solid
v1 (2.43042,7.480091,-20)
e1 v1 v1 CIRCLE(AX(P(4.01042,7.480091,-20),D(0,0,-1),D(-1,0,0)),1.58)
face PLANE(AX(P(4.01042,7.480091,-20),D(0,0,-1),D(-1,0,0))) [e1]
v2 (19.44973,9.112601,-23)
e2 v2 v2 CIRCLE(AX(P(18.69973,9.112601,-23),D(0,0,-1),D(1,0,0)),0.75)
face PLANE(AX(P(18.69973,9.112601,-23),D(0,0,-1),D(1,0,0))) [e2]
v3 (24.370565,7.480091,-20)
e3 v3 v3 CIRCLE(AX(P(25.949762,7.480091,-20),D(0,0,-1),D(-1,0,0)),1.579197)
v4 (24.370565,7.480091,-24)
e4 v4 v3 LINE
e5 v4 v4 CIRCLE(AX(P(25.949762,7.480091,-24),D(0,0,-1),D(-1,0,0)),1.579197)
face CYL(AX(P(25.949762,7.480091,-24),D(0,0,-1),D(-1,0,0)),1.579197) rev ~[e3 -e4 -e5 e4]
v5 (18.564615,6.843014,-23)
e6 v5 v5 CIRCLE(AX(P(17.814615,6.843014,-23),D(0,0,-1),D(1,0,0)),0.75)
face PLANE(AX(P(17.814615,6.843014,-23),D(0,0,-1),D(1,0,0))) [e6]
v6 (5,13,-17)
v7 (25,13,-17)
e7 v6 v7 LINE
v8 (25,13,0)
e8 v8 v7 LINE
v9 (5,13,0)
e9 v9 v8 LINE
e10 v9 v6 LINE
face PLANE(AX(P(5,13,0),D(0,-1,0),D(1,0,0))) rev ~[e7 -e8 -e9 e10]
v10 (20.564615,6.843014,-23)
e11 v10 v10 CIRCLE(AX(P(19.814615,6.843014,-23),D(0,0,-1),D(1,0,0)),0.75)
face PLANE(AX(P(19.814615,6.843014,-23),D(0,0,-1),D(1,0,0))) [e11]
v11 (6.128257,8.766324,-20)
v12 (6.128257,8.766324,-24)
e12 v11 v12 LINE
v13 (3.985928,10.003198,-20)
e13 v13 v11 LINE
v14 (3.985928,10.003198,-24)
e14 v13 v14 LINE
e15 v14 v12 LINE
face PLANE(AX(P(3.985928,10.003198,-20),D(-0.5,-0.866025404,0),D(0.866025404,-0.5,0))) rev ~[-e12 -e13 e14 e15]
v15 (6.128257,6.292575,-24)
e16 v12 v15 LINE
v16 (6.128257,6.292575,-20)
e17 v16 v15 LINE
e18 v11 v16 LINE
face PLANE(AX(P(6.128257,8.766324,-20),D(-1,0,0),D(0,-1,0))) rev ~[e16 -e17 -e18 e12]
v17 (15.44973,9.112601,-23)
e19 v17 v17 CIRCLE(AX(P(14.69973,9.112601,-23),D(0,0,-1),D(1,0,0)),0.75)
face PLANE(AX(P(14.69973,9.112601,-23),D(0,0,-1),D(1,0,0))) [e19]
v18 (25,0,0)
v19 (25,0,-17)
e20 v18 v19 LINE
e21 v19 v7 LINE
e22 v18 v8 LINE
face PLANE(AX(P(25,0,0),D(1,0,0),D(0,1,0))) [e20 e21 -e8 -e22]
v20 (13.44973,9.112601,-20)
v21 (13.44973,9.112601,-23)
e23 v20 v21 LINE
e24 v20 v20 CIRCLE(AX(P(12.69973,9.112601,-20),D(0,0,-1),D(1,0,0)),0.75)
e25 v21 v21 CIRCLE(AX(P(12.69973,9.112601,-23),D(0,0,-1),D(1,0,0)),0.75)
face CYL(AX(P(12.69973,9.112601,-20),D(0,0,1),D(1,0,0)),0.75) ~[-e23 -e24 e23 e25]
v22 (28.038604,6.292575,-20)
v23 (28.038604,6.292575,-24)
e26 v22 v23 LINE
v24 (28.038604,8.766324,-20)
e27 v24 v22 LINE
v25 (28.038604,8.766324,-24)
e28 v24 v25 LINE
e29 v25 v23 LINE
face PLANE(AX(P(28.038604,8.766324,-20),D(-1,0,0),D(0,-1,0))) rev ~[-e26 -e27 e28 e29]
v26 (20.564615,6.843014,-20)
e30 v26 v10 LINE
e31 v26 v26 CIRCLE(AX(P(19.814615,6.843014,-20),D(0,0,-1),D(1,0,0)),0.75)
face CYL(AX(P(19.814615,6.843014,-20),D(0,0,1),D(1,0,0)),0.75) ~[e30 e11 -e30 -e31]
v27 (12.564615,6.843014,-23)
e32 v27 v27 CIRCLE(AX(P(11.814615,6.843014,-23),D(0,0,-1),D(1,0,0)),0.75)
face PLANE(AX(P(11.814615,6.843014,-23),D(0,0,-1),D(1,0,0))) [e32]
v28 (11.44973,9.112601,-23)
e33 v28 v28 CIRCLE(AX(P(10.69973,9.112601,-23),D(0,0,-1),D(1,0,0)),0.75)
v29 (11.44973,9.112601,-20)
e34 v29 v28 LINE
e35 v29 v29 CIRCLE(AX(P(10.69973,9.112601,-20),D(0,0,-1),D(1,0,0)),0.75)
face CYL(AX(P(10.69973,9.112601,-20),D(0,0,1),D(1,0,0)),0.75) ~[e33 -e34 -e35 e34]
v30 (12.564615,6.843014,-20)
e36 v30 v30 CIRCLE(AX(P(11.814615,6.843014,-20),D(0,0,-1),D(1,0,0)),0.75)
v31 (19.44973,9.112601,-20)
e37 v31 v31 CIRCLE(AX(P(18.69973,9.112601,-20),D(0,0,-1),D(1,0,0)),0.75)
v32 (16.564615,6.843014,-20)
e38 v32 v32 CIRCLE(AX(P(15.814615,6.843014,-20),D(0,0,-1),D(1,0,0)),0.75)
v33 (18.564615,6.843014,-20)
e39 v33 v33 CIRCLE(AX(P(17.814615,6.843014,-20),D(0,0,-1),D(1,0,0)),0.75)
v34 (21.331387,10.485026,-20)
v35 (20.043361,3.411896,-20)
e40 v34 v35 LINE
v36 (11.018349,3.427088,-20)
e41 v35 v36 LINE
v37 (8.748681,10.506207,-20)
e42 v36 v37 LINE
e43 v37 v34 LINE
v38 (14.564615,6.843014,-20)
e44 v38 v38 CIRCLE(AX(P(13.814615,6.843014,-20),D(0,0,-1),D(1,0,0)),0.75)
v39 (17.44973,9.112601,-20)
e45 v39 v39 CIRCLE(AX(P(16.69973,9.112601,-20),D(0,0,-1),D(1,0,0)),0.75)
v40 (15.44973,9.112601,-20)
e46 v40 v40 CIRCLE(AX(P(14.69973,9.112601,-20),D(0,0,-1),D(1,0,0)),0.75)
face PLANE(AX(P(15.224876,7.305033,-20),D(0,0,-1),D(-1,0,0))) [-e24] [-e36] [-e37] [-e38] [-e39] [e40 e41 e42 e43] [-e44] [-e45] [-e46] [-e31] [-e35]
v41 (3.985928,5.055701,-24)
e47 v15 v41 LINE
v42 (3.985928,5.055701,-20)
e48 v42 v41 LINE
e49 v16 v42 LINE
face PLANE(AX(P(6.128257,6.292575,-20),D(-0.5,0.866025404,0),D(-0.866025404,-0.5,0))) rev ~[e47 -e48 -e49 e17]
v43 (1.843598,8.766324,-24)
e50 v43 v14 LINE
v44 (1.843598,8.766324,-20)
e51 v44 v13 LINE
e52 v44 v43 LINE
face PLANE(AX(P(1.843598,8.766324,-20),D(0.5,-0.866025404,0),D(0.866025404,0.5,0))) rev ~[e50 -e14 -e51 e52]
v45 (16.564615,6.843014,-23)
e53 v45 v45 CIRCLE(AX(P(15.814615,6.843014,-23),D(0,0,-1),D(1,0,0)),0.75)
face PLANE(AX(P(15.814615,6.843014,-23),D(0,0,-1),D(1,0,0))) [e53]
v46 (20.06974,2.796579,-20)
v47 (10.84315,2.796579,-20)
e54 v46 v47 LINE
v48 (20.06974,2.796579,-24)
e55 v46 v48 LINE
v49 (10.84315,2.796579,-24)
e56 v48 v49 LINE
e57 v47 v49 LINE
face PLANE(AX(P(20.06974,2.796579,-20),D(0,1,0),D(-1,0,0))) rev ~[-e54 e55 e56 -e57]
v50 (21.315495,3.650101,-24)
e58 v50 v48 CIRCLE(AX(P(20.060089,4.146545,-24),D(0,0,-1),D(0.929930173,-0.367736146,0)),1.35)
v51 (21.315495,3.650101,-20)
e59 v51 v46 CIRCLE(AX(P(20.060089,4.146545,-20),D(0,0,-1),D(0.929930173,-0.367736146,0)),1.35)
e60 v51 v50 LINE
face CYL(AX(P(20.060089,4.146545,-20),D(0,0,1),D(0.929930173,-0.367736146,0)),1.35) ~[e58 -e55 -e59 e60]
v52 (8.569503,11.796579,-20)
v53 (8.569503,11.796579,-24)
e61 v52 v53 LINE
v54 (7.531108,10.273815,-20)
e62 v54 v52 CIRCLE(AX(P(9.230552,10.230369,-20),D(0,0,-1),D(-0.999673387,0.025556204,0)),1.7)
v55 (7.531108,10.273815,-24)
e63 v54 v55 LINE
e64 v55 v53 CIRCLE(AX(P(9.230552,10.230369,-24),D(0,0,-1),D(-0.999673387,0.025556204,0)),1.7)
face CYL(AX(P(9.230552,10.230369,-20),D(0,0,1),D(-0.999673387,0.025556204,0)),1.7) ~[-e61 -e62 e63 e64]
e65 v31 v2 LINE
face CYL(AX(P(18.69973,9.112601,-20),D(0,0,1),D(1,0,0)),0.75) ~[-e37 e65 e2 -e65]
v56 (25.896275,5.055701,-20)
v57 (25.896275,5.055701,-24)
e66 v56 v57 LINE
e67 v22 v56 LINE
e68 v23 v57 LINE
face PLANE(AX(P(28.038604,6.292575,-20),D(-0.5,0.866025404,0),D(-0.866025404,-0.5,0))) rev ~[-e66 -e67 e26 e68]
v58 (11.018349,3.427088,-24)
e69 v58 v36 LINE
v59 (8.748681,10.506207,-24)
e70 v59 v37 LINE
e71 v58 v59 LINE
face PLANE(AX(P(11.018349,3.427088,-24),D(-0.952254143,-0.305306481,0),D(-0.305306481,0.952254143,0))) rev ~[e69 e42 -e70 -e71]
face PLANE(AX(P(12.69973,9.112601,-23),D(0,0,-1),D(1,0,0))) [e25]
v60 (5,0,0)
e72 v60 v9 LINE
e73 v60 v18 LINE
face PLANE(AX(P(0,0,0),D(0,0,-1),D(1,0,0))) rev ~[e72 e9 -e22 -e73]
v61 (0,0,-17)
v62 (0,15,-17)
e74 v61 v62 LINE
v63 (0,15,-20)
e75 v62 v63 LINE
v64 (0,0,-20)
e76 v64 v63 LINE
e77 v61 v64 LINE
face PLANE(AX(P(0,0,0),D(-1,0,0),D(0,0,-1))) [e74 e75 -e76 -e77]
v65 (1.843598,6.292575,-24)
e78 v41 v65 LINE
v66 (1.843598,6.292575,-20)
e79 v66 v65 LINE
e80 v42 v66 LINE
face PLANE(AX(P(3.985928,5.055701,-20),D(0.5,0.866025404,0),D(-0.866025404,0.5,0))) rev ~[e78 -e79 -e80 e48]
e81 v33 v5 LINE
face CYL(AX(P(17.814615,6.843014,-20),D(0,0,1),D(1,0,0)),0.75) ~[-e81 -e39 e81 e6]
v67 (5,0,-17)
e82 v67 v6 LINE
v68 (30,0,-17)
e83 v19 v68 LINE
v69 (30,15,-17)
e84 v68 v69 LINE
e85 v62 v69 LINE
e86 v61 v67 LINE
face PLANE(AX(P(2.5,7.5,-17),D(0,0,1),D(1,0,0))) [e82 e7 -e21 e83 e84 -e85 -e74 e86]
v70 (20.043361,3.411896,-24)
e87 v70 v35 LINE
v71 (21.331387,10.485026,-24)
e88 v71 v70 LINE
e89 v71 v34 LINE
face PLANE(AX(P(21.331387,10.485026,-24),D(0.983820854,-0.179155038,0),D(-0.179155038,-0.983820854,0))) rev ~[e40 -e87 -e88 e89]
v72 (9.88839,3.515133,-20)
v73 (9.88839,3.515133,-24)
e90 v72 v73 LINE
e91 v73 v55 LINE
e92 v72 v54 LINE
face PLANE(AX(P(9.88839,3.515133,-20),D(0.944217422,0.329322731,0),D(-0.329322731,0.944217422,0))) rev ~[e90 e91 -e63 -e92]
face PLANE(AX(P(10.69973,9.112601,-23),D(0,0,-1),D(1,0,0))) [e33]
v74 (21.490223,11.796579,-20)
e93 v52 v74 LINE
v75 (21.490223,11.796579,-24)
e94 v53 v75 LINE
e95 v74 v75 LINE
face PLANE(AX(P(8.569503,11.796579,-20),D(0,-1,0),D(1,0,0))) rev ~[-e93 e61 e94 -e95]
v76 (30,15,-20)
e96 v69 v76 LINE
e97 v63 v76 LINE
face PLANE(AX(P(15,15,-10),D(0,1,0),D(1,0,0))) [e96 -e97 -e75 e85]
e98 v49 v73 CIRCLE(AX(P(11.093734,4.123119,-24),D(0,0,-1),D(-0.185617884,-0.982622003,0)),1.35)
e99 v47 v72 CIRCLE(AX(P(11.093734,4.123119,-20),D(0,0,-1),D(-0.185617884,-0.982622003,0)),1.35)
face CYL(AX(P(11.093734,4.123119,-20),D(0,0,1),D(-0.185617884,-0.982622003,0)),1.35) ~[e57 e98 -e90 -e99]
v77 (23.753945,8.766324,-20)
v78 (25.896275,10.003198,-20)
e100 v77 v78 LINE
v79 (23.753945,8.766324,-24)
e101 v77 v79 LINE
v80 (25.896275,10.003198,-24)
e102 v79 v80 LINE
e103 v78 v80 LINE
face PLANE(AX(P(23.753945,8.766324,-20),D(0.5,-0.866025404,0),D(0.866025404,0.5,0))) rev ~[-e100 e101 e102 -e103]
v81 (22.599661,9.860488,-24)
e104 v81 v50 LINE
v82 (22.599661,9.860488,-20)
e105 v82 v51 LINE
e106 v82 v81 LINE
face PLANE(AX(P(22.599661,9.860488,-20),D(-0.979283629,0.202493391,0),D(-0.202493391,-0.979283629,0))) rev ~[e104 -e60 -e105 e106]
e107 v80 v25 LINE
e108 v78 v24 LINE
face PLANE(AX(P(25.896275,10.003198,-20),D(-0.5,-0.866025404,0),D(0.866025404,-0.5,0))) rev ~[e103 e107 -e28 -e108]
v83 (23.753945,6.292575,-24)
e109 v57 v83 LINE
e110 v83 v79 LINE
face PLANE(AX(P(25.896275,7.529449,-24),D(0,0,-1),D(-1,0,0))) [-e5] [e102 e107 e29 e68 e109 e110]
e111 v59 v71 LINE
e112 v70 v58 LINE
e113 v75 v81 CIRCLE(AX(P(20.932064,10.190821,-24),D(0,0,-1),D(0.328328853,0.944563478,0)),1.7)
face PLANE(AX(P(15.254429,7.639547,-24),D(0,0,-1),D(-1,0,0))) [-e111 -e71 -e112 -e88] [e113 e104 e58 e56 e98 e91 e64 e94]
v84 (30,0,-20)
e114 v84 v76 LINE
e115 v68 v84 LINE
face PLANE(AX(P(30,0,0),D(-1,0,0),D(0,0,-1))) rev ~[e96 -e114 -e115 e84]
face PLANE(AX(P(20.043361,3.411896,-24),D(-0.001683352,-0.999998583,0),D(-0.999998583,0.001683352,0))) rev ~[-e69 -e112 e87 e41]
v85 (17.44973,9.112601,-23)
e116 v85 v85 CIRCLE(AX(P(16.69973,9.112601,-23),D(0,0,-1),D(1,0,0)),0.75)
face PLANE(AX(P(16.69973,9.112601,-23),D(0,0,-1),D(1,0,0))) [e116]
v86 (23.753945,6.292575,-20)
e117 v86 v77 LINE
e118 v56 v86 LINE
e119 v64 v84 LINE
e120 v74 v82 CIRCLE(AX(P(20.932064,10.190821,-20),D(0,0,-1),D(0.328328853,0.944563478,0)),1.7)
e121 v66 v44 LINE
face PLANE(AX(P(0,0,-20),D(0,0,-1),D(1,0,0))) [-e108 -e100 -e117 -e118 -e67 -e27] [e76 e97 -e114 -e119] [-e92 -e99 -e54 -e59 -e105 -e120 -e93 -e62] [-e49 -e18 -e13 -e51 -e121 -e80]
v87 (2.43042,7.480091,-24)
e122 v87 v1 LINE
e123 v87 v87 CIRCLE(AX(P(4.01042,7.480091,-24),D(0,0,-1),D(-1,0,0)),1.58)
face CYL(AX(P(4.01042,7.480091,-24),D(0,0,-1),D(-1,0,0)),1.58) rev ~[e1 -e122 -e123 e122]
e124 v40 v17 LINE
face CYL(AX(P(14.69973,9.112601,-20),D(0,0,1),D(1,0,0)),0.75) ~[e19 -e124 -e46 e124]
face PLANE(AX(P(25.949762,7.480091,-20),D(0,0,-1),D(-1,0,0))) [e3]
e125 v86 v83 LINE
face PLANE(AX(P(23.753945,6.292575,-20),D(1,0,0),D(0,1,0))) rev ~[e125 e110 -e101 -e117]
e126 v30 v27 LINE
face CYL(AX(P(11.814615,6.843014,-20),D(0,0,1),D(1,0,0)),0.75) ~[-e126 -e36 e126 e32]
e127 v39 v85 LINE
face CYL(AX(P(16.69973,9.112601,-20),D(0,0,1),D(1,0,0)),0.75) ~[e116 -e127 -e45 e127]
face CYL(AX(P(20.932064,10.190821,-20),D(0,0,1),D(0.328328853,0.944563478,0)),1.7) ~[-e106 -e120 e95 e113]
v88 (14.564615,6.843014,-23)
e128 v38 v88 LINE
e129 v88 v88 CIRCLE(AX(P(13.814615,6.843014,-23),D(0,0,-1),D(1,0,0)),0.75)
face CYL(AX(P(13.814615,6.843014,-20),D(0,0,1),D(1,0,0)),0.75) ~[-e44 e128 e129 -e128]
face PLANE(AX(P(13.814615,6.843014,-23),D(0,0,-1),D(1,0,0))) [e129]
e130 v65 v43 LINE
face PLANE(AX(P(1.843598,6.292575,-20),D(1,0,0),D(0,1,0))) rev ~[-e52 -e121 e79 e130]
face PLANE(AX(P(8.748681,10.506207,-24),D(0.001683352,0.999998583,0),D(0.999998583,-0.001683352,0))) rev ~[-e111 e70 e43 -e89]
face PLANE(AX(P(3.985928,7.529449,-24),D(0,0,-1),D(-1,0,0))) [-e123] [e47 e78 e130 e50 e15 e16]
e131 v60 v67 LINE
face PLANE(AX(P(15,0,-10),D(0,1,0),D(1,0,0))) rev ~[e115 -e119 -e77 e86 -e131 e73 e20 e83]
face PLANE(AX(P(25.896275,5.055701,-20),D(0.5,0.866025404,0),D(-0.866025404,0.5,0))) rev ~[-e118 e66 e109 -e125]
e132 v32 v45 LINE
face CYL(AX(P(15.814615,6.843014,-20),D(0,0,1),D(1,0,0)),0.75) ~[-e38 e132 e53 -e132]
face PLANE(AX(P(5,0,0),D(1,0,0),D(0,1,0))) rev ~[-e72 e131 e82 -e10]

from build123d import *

# Parameters (mm, degrees)
SKETCH1_W           = 30
SKETCH1_H           = 20
BOSS_EXTRUDE1_DEPTH = 15
SKETCH2_W           = 5
SKETCH2_H           = 15
CUT_EXTRUDE4_DEPTH  = 17
SKETCH3_W           = 20
SKETCH3_H           = 2
CUT_EXTRUDE5_DEPTH  = 17
BOSS_EXTRUDE3_DEPTH = 4
BOSS_EXTRUDE4_DEPTH = 4
SKETCH8_R           = 1.579197179
SKETCH8_R_2         = 1.58
CUT_EXTRUDE8_DEPTH  = 4
CUT_EXTRUDE12_DEPTH = 4
SKETCH10_R          = 0.75
BOSS_EXTRUDE5_DEPTH = 3


with BuildPart() as part:
    # Sketch1 → Boss-Extrude1 (new body)
    with BuildSketch(Plane(origin=(0, 0, 0), x_dir=(1, 0, 0), z_dir=(0, 1, 0))):
        with Locations((15, 10)):
            Rectangle(SKETCH1_W, SKETCH1_H)
    extrude(amount=BOSS_EXTRUDE1_DEPTH)

    # Sketch2 → Cut-Extrude4 (cut)
    with BuildSketch(Plane.XY):
        with Locations((27.5, 7.5)):
            Rectangle(SKETCH2_W, SKETCH2_H)
        with Locations((2.5, 7.5)):
            Rectangle(SKETCH2_W, SKETCH2_H)
    extrude(amount=-CUT_EXTRUDE4_DEPTH, mode=Mode.SUBTRACT)

    # Sketch3 → Cut-Extrude5 (cut)
    with BuildSketch(Plane.XY):
        with Locations((15, 14)):
            Rectangle(SKETCH3_W, SKETCH3_H)
    extrude(amount=-CUT_EXTRUDE5_DEPTH, mode=Mode.SUBTRACT)

    # Sketch6 → Boss-Extrude3 (add)
    with BuildSketch(Plane(origin=(0, 0, -20), x_dir=(-1, 0, 0), z_dir=(0, 0, -1))):
        with BuildLine():
            Line((-8.569503225, 11.796579234), (-21.490222751, 11.796579234))
            ThreePointArc((-21.490222751, 11.796579234), (-22.407058542, 11.036037401), (-22.599660768, 9.860488113))
            Line((-22.599660768, 9.860488113), (-21.315495161, 3.650100945))
            ThreePointArc((-21.315495161, 3.650100945), (-20.823120618, 3.032864625), (-20.069739851, 2.796579234))
            Line((-20.069739851, 2.796579234), (-10.84314976, 2.796579234))
            ThreePointArc((-10.84314976, 2.796579234), (-10.281938841, 3.044467569), (-9.88839036, 3.515132967))
            Line((-9.88839036, 3.515132967), (-7.531107534, 10.273814665))
            ThreePointArc((-7.531107534, 10.273814665), (-7.826028971, 11.188134351), (-8.569503225, 11.796579234))
        make_face()
    extrude(amount=BOSS_EXTRUDE3_DEPTH)

    # Sketch7 → Boss-Extrude4 (add)
    with BuildSketch(Plane(origin=(0, 0, -20), x_dir=(-1, 0, 0), z_dir=(0, 0, -1))):
        Polygon((-3.985927745, 10.00319824), (-6.12825709, 8.766323815), (-6.12825709, 6.292574967), (-3.985927745, 5.055700542), (-1.843598399, 6.292574967), (-1.843598399, 8.766323815), align=None)
        Polygon((-25.896274691, 10.00319824), (-28.038604037, 8.766323815), (-28.038604037, 6.292574967), (-25.896274691, 5.055700542), (-23.753945346, 6.292574967), (-23.753945346, 8.766323815), align=None)
    extrude(amount=BOSS_EXTRUDE4_DEPTH)

    # Sketch8 → Cut-Extrude8 (cut)
    with BuildSketch(Plane(origin=(0, 0, -24), x_dir=(-1, 0, 0), z_dir=(0, 0, -1))):
        with Locations((-25.949762311, 7.480091341)):
            Circle(SKETCH8_R)
        with Locations((-4.010420372, 7.480091341)):
            Circle(SKETCH8_R_2)
    extrude(amount=-CUT_EXTRUDE8_DEPTH, mode=Mode.SUBTRACT)

    # Sketch9 → Cut-Extrude12 (cut)
    with BuildSketch(Plane(origin=(0, 0, -24), x_dir=(-1, 0, 0), z_dir=(0, 0, -1))):
        Polygon((-8.748681153, 10.506207471), (-21.331387013, 10.48502632), (-20.043360928, 3.411896064), (-11.018349356, 3.427088355), align=None)
    extrude(amount=-CUT_EXTRUDE12_DEPTH, mode=Mode.SUBTRACT)

    # Sketch10 → Boss-Extrude5 (add)
    with BuildSketch(Plane(origin=(0, 0, -20), x_dir=(-1, 0, 0), z_dir=(0, 0, -1))):
        with Locations(Location((-10.699729711, 9.112601358, 0), (0, 0, 180))):
            Circle(SKETCH10_R)
        with Locations(Location((-11.814614601, 6.843014261, 0), (0, 0, 180))):
            Circle(SKETCH10_R)
        with Locations(Location((-12.699729711, 9.112601358, 0), (0, 0, 180))):
            Circle(SKETCH10_R)
        with Locations(Location((-13.814614601, 6.843014261, 0), (0, 0, 180))):
            Circle(SKETCH10_R)
        with Locations(Location((-14.699729711, 9.112601358, 0), (0, 0, 180))):
            Circle(SKETCH10_R)
        with Locations(Location((-15.814614601, 6.843014261, 0), (0, 0, 180))):
            Circle(SKETCH10_R)
        with Locations(Location((-16.699729711, 9.112601358, 0), (0, 0, 180))):
            Circle(SKETCH10_R)
        with Locations(Location((-17.814614601, 6.843014261, 0), (0, 0, 180))):
            Circle(SKETCH10_R)
        with Locations(Location((-18.699729711, 9.112601358, 0), (0, 0, 180))):
            Circle(SKETCH10_R)
        with Locations(Location((-19.814614601, 6.843014261, 0), (0, 0, 180))):
            Circle(SKETCH10_R)
    extrude(amount=BOSS_EXTRUDE5_DEPTH)


solid = part.part
